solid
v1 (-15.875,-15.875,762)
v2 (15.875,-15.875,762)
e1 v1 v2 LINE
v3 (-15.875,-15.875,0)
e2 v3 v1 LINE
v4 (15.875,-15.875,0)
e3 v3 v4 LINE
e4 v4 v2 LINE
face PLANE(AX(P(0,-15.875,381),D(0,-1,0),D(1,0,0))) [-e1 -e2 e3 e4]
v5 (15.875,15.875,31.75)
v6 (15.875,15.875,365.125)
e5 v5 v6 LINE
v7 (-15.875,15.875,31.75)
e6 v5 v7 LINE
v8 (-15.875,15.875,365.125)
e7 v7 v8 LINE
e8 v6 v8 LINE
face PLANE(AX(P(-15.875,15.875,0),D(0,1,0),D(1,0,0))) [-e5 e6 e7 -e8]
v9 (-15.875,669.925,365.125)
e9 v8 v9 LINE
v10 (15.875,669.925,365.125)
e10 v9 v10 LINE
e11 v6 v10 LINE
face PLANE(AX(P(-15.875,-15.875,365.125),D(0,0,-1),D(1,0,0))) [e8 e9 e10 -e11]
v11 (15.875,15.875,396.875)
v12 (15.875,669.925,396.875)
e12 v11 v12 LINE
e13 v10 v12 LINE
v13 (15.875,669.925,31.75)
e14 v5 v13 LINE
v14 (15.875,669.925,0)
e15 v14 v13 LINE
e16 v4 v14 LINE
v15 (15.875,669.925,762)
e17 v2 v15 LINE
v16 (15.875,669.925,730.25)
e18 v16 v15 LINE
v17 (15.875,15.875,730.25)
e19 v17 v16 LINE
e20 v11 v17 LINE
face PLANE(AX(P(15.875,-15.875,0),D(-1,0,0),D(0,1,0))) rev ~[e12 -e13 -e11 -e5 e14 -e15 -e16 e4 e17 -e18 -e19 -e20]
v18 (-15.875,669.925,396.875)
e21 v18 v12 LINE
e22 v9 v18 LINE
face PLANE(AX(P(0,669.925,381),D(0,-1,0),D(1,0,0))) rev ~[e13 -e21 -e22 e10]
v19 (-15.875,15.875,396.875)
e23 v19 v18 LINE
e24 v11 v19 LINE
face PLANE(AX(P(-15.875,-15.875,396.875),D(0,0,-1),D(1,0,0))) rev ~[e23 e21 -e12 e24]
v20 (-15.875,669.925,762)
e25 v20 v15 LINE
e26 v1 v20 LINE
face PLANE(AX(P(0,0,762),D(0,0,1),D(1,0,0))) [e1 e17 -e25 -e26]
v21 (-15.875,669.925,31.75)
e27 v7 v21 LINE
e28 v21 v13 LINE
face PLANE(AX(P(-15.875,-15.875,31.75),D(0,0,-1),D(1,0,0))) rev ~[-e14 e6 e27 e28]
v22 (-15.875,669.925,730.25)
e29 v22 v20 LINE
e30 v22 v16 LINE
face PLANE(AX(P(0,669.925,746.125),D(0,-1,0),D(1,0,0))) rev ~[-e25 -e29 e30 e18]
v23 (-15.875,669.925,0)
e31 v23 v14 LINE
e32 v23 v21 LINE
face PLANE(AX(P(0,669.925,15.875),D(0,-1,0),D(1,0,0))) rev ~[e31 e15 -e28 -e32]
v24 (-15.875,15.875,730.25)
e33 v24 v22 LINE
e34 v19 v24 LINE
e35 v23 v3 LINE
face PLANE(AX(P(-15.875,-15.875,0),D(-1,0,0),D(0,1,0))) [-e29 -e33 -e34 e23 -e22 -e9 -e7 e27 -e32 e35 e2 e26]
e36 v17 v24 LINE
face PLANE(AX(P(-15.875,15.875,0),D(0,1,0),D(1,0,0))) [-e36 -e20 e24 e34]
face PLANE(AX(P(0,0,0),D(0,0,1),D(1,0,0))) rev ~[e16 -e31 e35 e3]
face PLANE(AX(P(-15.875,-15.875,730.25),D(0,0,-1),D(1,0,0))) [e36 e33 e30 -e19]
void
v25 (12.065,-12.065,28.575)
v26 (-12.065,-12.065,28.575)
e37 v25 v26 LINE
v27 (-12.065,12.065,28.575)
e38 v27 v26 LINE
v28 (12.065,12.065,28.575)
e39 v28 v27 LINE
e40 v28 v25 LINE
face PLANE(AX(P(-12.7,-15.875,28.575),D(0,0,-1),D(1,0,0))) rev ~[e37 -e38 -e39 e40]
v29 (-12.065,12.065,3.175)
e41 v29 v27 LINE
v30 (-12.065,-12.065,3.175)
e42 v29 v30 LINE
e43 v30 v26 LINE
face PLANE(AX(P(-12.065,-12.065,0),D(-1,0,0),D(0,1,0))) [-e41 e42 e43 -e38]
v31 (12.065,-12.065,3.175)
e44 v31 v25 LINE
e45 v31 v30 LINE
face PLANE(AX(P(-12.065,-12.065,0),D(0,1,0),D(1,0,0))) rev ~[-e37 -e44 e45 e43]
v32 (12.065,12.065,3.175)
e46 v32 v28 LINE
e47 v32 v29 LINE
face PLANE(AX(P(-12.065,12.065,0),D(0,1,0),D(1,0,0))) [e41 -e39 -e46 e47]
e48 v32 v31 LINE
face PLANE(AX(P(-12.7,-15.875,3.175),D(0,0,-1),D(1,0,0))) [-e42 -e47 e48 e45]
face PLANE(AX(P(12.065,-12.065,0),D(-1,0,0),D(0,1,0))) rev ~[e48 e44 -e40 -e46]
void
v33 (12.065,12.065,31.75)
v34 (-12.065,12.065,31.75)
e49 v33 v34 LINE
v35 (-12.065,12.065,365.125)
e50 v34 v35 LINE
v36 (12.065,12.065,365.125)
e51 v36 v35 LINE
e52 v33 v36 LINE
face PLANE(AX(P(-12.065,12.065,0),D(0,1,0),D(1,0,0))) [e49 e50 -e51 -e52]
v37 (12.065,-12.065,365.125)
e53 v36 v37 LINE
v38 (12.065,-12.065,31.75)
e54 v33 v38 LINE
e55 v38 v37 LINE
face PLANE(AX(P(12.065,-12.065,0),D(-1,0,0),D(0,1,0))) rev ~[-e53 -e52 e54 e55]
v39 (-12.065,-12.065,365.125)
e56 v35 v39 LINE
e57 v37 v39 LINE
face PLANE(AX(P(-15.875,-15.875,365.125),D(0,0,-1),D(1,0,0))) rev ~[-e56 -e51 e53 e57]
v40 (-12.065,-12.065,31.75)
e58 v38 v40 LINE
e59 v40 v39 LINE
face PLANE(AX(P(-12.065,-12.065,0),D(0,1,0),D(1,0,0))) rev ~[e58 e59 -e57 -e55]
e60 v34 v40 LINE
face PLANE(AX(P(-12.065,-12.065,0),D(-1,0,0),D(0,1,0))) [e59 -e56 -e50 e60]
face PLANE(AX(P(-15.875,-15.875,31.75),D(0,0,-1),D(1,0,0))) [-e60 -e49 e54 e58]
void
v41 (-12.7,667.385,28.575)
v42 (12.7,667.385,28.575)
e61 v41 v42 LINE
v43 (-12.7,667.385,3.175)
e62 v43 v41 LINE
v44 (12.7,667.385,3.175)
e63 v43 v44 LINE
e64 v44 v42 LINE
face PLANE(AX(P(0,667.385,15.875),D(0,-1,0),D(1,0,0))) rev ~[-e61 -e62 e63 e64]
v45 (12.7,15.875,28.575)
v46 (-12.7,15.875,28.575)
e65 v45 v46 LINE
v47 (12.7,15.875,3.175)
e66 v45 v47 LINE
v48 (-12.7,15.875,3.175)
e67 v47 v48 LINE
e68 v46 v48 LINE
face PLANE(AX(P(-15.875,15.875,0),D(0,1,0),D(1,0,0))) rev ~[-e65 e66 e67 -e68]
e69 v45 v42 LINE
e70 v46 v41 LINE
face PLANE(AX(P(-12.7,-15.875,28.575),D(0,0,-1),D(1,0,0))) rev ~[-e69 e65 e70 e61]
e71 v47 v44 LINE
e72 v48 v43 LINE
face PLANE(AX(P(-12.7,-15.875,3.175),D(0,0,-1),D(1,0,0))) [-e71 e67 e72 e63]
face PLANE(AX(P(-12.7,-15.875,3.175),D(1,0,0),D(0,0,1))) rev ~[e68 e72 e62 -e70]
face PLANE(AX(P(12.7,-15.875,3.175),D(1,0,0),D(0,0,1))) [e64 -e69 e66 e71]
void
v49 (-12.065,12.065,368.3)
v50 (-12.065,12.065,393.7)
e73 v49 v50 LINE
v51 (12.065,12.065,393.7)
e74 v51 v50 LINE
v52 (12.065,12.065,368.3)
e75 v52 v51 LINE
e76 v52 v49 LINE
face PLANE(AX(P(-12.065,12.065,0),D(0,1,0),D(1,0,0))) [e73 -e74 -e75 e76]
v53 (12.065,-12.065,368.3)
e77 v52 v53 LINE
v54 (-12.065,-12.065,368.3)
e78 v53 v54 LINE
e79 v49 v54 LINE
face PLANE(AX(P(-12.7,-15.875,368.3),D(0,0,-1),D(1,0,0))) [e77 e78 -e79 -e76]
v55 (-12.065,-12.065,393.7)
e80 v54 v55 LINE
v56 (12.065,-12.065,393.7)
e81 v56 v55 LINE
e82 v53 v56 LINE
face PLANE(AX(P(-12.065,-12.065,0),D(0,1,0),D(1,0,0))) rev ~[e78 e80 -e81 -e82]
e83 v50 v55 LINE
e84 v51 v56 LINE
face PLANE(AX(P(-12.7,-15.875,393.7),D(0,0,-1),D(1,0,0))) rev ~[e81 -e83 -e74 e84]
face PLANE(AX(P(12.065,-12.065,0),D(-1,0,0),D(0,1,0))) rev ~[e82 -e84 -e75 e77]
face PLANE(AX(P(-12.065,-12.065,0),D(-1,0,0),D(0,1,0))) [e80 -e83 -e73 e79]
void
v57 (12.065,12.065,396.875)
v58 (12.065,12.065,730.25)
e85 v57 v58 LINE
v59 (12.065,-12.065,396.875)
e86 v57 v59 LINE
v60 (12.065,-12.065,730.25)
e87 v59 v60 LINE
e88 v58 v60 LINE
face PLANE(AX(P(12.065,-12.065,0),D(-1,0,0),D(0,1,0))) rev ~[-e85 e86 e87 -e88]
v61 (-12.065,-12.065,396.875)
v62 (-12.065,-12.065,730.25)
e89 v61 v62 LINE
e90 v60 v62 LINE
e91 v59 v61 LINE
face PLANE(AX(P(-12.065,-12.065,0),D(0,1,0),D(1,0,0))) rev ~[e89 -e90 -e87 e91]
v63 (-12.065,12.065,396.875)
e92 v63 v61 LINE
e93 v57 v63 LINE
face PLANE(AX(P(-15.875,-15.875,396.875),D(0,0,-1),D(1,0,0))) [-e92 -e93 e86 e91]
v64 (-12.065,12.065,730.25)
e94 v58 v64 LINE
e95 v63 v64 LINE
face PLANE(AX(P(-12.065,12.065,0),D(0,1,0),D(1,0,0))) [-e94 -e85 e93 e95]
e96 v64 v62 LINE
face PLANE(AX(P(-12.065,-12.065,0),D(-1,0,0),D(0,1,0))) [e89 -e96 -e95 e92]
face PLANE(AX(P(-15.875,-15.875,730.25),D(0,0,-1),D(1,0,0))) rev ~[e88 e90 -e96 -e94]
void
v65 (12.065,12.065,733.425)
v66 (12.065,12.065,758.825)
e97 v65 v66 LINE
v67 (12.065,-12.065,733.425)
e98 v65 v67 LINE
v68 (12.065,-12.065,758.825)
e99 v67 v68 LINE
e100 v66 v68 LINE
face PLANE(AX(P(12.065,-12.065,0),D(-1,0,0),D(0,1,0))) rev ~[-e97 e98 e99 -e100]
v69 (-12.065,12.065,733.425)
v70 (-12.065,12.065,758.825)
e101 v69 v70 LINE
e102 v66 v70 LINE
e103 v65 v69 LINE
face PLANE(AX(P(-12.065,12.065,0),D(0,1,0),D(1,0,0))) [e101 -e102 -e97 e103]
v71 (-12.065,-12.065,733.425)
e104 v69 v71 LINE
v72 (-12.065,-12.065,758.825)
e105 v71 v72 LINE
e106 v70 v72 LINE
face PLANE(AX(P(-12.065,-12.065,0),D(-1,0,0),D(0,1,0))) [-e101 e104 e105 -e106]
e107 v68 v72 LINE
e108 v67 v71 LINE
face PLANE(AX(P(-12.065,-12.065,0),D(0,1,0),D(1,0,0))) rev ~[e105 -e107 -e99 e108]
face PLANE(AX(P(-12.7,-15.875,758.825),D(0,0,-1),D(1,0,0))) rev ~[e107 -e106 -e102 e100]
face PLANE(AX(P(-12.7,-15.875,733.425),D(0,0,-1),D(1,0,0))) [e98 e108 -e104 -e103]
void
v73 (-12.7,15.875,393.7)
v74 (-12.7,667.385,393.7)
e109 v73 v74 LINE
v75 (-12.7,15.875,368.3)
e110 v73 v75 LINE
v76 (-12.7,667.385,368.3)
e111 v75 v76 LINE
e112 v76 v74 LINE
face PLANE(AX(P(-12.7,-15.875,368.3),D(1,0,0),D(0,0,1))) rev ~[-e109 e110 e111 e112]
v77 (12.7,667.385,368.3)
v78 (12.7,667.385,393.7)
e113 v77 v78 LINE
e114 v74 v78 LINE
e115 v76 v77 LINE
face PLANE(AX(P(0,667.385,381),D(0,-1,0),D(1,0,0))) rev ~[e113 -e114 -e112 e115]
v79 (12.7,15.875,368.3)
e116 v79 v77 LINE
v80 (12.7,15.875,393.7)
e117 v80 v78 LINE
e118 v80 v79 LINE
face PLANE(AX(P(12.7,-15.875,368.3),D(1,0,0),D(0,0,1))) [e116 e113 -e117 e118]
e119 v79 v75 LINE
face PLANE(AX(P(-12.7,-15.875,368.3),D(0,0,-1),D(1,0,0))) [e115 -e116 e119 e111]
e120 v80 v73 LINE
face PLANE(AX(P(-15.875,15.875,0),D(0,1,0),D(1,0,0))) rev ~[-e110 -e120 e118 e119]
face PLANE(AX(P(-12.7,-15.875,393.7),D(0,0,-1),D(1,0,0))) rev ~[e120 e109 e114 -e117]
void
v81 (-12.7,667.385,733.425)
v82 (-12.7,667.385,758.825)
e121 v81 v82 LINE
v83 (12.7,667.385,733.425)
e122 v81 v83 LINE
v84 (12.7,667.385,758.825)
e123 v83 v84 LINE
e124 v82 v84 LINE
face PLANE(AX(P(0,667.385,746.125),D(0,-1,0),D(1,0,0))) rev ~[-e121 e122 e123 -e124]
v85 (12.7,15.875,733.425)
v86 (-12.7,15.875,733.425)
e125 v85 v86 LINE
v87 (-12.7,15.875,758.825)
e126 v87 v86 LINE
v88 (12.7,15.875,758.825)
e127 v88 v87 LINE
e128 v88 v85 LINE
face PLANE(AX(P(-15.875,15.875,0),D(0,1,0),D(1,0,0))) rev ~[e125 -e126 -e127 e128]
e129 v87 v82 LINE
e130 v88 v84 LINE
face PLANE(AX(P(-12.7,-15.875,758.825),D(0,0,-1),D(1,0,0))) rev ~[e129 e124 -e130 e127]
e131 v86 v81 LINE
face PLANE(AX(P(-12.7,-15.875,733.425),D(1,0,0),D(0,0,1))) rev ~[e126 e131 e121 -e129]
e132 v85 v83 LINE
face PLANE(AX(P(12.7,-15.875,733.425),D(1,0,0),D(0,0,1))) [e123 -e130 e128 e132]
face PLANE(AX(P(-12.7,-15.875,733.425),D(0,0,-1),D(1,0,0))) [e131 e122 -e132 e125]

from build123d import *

# Parameters (mm, degrees)
SKETCH1_W           = 31.75
SKETCH1_H           = 31.75
SKETCH1_W_2         = 24.13
SKETCH1_H_2         = 24.13
BOSS_EXTRUDE1_DEPTH = 762
SKETCH14_W          = 31.75
SKETCH14_H          = 31.75
SKETCH14_W_2        = 25.4
SKETCH14_H_2        = 25.4
BOSS_EXTRUDE2_DEPTH = 685.8
SKETCH14_2_W        = 25.4
SKETCH14_2_H        = 25.4
BOSS_EXTRUDE3_DEPTH = 2.54
BOSS_EXTRUDE6_START = -683.26
SKETCH14_3_W        = 25.4
SKETCH14_3_H        = 25.4
BOSS_EXTRUDE6_DEPTH = 2.54
SKETCH1_2_W         = 24.13
SKETCH1_2_H         = 24.13
BOSS_EXTRUDE4_DEPTH = 2.54
BOSS_EXTRUDE5_START = 759.46
SKETCH1_3_W         = 24.13
SKETCH1_3_H         = 24.13
BOSS_EXTRUDE5_DEPTH = 2.54
LPATTERN4_COUNT     = 3
LPATTERN4_PITCH     = 365.125


with BuildPart() as part:
    # Sketch1 → Boss-Extrude1 (new body)
    with BuildSketch(Plane.XY):
        Rectangle(SKETCH1_W, SKETCH1_H)
        Rectangle(SKETCH1_W_2, SKETCH1_H_2, mode=Mode.SUBTRACT)
    extrude(amount=BOSS_EXTRUDE1_DEPTH)

    # Sketch14 → Boss-Extrude2 (add)
    with BuildSketch(Plane.XZ.offset(15.875)):
        with Locations((0, 746.125)):
            Rectangle(SKETCH14_W, SKETCH14_H)
        with Locations((0, 746.125)):
            Rectangle(SKETCH14_W_2, SKETCH14_H_2, mode=Mode.SUBTRACT)
    boss_extrude2 = extrude(amount=-BOSS_EXTRUDE2_DEPTH)

    # Sketch14<2> → Boss-Extrude3 (add)
    with BuildSketch(Plane.XZ.offset(15.875)):
        with Locations((0, 746.125)):
            Rectangle(SKETCH14_2_W, SKETCH14_2_H)
    boss_extrude3 = extrude(amount=-BOSS_EXTRUDE3_DEPTH)

    # Sketch14<3> → Boss-Extrude6 (add)
    with BuildSketch(Plane.XZ.offset(15.875).offset(BOSS_EXTRUDE6_START)):
        with Locations((0, 746.125)):
            Rectangle(SKETCH14_3_W, SKETCH14_3_H)
    boss_extrude6 = extrude(amount=-BOSS_EXTRUDE6_DEPTH)

    # Sketch1<2> → Boss-Extrude4 (add)
    with BuildSketch(Plane.XY):
        Rectangle(SKETCH1_2_W, SKETCH1_2_H)
    extrude(amount=BOSS_EXTRUDE4_DEPTH)

    # Sketch1<3> → Boss-Extrude5 (add)
    with BuildSketch(Plane.XY.offset(BOSS_EXTRUDE5_START)):
        Rectangle(SKETCH1_3_W, SKETCH1_3_H)
    extrude(amount=BOSS_EXTRUDE5_DEPTH)

    # LPattern4: Boss-Extrude2, Boss-Extrude3, Boss-Extrude6 ×3
    with Locations(*[(0, 0, -i * LPATTERN4_PITCH) for i in range(1, LPATTERN4_COUNT)]):
        add(boss_extrude2)
        add(boss_extrude3)
        add(boss_extrude6)


solid = part.part
